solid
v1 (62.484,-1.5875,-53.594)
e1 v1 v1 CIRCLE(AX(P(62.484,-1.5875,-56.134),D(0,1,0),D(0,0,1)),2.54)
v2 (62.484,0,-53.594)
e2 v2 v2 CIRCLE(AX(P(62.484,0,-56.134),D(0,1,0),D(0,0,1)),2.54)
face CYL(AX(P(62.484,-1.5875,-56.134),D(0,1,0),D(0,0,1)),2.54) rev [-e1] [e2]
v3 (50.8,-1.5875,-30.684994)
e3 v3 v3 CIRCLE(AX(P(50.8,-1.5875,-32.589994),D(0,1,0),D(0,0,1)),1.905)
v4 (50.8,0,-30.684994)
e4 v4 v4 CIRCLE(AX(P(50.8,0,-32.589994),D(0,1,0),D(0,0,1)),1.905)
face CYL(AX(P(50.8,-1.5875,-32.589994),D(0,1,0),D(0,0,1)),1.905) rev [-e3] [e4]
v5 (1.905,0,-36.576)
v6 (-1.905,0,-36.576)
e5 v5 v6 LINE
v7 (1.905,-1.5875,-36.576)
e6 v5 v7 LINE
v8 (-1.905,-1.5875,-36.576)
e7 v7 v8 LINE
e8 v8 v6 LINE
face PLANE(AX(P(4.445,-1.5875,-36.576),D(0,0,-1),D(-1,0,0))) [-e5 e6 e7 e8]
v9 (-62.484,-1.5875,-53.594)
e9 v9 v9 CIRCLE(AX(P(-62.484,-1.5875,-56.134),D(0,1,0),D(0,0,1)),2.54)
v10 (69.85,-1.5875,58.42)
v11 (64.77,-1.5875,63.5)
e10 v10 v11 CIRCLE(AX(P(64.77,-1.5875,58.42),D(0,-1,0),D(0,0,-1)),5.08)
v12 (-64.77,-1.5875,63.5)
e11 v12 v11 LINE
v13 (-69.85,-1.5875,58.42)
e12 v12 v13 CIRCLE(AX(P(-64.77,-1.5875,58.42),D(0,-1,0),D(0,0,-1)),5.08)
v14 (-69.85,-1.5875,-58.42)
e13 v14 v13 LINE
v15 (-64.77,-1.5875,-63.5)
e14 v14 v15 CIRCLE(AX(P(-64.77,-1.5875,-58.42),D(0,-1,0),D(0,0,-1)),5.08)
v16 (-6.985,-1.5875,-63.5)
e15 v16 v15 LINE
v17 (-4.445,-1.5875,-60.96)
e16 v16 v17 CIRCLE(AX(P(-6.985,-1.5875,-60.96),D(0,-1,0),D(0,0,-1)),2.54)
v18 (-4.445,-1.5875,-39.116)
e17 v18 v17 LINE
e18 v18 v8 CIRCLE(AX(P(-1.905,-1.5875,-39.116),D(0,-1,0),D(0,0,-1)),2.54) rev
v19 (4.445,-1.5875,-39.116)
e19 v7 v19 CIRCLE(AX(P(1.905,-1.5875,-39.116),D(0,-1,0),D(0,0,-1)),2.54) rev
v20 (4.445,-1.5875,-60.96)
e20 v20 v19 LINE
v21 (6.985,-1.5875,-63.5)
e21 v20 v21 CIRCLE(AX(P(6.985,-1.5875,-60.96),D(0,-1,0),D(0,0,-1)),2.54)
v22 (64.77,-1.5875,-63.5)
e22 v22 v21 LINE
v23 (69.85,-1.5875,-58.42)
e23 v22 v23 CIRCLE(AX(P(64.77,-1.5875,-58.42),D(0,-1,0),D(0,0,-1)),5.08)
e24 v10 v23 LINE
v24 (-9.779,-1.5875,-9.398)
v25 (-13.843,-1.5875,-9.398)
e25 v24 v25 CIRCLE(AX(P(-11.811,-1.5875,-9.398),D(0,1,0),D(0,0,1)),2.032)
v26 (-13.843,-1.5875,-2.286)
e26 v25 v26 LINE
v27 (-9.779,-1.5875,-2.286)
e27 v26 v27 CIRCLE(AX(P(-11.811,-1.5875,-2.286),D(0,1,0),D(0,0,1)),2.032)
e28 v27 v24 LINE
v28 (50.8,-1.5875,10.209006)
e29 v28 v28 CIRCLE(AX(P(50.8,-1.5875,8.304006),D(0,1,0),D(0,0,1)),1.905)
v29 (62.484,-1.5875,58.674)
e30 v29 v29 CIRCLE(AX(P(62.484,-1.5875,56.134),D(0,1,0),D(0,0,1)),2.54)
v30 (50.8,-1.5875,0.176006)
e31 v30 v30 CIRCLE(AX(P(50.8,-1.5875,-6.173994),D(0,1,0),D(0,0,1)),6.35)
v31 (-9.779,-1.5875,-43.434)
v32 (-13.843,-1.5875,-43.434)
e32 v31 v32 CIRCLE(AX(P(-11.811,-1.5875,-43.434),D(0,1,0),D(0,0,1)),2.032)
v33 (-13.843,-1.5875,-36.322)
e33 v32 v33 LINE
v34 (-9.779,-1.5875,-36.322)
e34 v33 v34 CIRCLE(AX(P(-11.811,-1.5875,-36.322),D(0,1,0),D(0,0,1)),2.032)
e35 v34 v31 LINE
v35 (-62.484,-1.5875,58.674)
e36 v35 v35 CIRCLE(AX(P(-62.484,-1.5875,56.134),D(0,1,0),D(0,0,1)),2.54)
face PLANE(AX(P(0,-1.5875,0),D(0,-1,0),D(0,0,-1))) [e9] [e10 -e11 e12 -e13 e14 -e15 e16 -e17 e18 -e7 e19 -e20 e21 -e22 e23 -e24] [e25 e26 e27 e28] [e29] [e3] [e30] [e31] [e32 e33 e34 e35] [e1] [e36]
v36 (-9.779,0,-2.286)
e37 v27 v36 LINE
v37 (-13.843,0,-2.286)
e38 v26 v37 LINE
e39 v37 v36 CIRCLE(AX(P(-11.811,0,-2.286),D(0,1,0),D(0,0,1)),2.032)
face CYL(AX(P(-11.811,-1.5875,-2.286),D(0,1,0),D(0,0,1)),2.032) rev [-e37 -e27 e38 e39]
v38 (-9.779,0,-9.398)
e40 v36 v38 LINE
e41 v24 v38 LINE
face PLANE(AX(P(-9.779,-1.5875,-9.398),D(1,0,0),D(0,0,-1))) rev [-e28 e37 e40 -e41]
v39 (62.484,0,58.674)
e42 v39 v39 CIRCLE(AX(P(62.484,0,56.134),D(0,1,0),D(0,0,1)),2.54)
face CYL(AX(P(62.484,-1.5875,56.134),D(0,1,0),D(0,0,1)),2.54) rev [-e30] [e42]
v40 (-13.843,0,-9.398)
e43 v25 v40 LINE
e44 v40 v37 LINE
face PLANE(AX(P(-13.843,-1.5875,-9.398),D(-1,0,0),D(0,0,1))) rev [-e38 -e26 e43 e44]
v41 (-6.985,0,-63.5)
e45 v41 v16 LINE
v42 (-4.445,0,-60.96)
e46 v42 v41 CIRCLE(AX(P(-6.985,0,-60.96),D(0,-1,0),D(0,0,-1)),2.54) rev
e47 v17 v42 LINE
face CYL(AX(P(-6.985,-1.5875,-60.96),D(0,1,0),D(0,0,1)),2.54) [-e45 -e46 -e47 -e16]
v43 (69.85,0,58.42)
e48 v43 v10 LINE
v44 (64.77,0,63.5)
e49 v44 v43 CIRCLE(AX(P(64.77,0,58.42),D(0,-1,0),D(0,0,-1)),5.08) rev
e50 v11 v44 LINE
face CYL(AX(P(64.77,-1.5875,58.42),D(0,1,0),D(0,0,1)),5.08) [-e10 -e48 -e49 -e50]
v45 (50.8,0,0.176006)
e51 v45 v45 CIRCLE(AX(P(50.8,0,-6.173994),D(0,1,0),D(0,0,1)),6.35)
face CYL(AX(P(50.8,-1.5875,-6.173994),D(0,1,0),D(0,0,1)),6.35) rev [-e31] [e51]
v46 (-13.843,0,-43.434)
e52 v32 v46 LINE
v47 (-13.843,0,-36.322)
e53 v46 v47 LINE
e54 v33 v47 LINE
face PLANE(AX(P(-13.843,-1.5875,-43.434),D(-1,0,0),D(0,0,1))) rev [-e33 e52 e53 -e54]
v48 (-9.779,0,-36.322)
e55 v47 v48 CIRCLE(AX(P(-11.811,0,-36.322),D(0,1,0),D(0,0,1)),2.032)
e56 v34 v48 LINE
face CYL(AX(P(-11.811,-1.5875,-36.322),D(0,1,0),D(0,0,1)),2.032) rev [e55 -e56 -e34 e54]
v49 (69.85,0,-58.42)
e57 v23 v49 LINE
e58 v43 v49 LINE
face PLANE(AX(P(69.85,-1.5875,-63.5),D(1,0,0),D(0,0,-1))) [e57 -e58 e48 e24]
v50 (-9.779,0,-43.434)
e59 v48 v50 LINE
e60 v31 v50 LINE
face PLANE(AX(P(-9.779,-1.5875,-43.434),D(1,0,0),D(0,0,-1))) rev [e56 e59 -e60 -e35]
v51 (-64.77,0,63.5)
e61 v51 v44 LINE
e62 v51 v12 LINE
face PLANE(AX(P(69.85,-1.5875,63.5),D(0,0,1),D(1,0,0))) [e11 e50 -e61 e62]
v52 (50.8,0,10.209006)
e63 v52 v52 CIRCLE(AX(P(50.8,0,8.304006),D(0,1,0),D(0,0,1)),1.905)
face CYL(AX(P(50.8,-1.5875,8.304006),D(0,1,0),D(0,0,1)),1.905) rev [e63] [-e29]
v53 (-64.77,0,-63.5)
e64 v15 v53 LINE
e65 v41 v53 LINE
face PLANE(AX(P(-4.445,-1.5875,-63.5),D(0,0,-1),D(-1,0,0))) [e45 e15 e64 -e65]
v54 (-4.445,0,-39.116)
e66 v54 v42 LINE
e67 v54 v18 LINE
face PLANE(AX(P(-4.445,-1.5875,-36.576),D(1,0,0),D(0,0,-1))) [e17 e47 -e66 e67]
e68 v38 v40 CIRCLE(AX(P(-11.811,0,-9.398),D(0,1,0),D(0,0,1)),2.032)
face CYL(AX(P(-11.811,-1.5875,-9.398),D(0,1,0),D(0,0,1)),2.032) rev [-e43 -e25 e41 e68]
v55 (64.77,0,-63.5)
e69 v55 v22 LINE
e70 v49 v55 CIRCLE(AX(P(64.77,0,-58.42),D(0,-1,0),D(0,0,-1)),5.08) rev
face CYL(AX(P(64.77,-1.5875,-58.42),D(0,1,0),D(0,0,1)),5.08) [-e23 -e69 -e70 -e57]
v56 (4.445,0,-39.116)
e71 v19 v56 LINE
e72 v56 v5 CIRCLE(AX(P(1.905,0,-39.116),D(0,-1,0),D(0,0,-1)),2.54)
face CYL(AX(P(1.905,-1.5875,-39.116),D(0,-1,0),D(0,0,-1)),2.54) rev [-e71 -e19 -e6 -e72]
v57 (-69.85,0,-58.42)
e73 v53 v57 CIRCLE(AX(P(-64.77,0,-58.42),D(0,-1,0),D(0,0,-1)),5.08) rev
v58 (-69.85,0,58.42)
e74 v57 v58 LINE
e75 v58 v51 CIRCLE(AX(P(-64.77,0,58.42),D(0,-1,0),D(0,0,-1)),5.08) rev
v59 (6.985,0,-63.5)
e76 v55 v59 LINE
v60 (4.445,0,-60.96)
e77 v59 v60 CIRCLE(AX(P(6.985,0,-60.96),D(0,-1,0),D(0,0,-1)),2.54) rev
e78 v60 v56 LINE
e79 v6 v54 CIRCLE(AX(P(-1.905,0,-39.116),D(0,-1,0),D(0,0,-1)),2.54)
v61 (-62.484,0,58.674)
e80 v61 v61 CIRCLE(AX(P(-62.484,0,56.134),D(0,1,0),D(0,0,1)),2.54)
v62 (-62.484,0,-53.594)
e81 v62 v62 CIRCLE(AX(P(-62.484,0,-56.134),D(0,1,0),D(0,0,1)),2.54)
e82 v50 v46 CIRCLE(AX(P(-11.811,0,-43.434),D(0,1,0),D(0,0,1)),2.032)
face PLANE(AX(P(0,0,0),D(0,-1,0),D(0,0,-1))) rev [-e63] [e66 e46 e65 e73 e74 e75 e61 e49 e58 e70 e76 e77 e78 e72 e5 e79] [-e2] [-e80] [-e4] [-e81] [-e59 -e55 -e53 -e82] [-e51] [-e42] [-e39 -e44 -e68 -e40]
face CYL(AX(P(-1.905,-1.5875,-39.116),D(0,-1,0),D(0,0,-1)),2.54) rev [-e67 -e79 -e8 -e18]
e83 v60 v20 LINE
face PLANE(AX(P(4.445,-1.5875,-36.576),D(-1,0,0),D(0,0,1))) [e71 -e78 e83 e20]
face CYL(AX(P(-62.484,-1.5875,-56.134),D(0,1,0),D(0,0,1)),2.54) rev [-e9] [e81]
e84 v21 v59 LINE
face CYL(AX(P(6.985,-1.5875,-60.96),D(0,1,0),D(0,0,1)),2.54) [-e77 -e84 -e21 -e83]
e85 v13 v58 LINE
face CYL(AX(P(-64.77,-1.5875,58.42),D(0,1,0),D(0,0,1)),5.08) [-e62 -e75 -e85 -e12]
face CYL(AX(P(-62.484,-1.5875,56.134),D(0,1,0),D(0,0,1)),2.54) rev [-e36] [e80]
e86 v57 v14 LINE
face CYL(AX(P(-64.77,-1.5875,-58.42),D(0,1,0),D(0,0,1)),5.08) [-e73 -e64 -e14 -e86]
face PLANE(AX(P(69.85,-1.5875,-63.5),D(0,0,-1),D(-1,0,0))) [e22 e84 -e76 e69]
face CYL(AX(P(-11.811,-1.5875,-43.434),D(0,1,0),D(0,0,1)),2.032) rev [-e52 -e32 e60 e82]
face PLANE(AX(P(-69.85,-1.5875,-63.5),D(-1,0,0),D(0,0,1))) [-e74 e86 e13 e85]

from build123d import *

# Parameters (mm, degrees)
SKETCH1_R           = 2.54
SKETCH1_R_2         = 1.905
SKETCH1_R_3         = 6.35
BOSS_EXTRUDE1_DEPTH = 1.5875
FILLET1_R           = 5.08
FILLET2_R           = 2.54


with BuildPart() as part:
    # Sketch1 → Boss-Extrude1 (new body)
    with BuildSketch(Plane(origin=(0, 0, 0), x_dir=(1, 0, 0), z_dir=(0, 1, 0))):
        Polygon((69.85, 63.5), (4.445, 63.5), (4.445, 36.576), (-4.445, 36.576), (-4.445, 63.5), (-69.85, 63.5), (-69.85, -63.5), (69.85, -63.5), align=None)
        with Locations((-62.484, 56.134)):
            Circle(SKETCH1_R, mode=Mode.SUBTRACT)
        with Locations((-62.484, -56.134)):
            Circle(SKETCH1_R, mode=Mode.SUBTRACT)
        with Locations((62.484, 56.134)):
            Circle(SKETCH1_R, mode=Mode.SUBTRACT)
        with Locations((62.484, -56.134)):
            Circle(SKETCH1_R, mode=Mode.SUBTRACT)
        with Locations((50.8, -8.304005887)):
            Circle(SKETCH1_R_2, mode=Mode.SUBTRACT)
        with Locations((50.8, 32.589994113)):
            Circle(SKETCH1_R_2, mode=Mode.SUBTRACT)
        with Locations((50.8, 6.173994113)):
            Circle(SKETCH1_R_3, mode=Mode.SUBTRACT)
        with BuildLine():
            Line((-9.779, 43.434), (-9.779, 36.322))
            ThreePointArc((-9.779, 36.322), (-11.811, 34.29), (-13.843, 36.322))
            Line((-13.843, 36.322), (-13.843, 43.434))
            ThreePointArc((-13.843, 43.434), (-11.811, 45.466), (-9.779, 43.434))
        make_face(mode=Mode.SUBTRACT)
        with BuildLine():
            Line((-9.779, 9.398), (-9.779, 2.286))
            ThreePointArc((-9.779, 2.286), (-11.811, 0.254), (-13.843, 2.286))
            Line((-13.843, 2.286), (-13.843, 9.398))
            ThreePointArc((-13.843, 9.398), (-11.811, 11.43), (-9.779, 9.398))
        make_face(mode=Mode.SUBTRACT)
    extrude(amount=-BOSS_EXTRUDE1_DEPTH)

    # Fillet1
    fillet1_edges = [part.edges().sort_by_distance(p)[0] for p in [
        (-69.85, -0.79375, -63.5),
        (69.85, -0.79375, -63.5),
        (69.85, -0.79375, 63.5),
        (-69.85, -0.79375, 63.5),
    ]]
    fillet(fillet1_edges, radius=FILLET1_R)

    # Fillet2
    fillet2_edges = [part.edges().sort_by_distance(p)[0] for p in [
        (-4.445, -0.79375, -63.5),
        (-4.445, -0.79375, -36.576),
        (4.445, -0.79375, -36.576),
        (4.445, -0.79375, -63.5),
    ]]
    fillet(fillet2_edges, radius=FILLET2_R)


solid = part.part
